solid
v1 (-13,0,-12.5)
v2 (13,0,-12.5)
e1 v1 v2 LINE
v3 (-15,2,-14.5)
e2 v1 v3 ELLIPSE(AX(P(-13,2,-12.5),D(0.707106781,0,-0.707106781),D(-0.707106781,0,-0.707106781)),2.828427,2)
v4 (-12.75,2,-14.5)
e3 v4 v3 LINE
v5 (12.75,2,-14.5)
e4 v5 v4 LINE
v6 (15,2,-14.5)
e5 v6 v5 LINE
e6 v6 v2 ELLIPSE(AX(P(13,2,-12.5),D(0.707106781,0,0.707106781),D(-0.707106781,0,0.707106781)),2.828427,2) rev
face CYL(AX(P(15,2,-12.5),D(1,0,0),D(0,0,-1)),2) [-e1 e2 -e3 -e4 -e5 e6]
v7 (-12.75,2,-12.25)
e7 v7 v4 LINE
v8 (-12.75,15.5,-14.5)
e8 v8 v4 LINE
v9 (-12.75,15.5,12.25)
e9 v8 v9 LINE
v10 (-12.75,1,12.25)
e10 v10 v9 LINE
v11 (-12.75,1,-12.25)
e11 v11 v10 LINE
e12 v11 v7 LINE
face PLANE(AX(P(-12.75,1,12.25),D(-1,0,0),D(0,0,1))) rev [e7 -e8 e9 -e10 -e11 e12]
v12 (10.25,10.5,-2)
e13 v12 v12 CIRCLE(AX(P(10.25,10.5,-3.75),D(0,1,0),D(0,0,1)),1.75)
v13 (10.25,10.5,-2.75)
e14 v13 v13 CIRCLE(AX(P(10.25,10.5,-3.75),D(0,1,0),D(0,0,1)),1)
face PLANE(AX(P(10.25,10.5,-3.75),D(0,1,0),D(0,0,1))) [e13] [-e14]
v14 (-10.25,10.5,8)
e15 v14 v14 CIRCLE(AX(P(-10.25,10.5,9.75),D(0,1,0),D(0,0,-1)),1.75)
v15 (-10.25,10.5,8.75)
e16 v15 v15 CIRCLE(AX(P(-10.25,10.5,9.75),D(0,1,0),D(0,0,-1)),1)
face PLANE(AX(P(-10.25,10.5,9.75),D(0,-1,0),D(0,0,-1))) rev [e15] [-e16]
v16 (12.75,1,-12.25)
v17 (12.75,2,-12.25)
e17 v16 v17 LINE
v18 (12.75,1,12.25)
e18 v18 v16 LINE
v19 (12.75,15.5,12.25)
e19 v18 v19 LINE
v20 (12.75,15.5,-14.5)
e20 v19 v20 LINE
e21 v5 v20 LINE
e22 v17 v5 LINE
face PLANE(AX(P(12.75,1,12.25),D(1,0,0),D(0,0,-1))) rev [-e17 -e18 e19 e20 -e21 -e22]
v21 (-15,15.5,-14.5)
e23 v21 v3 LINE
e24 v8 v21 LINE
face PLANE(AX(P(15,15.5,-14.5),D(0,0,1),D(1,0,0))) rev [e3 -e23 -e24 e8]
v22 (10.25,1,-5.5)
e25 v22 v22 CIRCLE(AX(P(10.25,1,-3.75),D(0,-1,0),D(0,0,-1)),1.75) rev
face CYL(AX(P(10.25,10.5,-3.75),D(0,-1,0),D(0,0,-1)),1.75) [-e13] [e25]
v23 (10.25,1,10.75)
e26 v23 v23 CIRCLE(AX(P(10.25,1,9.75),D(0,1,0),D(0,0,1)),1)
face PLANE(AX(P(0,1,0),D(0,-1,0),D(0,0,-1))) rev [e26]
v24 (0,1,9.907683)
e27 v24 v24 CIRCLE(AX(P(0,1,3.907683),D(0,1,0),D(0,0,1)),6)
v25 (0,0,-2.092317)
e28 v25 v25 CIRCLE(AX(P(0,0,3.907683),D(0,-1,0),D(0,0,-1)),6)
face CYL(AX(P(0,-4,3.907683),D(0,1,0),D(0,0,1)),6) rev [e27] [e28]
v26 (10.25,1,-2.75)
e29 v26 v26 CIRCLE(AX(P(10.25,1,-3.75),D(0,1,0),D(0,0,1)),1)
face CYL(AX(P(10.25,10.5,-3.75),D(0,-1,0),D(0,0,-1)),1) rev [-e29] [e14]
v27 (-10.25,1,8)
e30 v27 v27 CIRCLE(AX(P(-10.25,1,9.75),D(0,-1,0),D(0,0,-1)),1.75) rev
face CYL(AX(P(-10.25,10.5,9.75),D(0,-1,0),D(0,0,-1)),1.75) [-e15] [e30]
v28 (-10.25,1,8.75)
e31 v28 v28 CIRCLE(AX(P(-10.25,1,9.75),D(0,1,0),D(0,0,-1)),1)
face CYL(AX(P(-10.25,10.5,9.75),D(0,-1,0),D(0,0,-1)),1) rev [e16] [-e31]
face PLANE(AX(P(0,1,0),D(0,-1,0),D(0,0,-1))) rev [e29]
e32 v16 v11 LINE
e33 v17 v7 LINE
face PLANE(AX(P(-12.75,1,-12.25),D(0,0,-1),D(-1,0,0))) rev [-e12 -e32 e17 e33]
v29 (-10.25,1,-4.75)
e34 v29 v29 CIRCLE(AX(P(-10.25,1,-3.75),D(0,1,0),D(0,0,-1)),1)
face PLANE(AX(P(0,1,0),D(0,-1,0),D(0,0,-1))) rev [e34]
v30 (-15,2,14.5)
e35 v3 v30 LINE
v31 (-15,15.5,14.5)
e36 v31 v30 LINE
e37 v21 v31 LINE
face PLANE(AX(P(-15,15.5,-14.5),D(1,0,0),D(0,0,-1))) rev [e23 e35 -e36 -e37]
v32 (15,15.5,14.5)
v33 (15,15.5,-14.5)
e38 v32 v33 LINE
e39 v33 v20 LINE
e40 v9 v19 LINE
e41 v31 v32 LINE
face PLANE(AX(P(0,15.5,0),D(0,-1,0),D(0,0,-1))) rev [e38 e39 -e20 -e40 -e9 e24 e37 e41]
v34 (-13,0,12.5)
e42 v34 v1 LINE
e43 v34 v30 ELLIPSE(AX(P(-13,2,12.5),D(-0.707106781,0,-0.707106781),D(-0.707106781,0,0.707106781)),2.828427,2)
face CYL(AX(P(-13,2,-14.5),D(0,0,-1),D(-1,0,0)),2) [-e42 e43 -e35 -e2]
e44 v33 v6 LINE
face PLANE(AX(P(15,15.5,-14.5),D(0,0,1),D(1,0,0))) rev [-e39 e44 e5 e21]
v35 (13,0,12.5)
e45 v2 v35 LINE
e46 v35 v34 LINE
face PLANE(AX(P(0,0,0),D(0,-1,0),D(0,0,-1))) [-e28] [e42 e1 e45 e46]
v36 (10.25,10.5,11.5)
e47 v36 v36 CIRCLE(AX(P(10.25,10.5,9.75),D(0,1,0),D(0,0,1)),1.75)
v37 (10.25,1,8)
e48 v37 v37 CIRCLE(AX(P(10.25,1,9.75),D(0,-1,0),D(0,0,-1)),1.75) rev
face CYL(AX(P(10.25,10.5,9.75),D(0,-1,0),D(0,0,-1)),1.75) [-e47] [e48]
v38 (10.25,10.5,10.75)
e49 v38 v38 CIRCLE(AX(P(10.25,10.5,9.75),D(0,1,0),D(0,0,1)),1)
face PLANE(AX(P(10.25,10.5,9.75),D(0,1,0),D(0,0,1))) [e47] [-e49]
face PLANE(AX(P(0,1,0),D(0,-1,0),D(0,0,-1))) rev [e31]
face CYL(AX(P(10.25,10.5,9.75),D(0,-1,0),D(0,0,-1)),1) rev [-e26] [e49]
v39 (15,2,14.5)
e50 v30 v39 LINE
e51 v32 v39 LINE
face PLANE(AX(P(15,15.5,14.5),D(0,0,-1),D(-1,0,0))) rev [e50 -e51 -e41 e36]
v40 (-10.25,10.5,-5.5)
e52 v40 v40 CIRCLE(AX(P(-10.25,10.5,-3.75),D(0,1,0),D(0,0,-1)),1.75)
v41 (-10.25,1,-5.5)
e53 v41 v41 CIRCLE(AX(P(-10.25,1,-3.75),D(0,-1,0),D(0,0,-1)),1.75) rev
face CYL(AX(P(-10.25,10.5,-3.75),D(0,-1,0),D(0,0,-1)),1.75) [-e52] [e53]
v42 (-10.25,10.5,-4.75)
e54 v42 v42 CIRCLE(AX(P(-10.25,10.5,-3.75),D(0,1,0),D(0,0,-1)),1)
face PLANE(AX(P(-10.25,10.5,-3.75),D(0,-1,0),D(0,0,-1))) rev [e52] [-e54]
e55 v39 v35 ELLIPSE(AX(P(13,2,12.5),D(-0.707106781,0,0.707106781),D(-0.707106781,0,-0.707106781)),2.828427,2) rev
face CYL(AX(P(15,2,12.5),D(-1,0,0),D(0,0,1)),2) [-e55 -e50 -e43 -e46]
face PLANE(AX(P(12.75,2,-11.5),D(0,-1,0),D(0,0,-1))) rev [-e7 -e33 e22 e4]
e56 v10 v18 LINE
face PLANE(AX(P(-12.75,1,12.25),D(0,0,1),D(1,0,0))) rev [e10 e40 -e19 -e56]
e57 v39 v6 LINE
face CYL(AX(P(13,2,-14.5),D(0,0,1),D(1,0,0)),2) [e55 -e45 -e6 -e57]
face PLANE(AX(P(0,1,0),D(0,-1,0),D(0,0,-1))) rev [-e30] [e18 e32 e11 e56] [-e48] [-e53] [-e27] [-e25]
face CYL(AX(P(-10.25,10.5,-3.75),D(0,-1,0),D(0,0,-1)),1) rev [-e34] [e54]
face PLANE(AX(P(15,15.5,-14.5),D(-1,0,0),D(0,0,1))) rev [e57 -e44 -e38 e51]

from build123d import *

# Parameters (mm, degrees)
CROQUIS1_W                 = 30
CROQUIS1_H                 = 29
SALIENTE_EXTRUIR1_DEPTH    = 15.5
CROQUIS2_W                 = 25.5
CROQUIS2_H                 = 24.5
CORTAR_EXTRUIR1_DEPTH      = 14.5
REDONDEO1_R                = 2
CROQUIS5_R                 = 6
CORTAR_EXTRUIR3_DEPTH      = 5
CORTAR_EXTRUIR5_DEPTH      = 0.75
CORTAR_EXTRUIR5_DEPTH_BACK = 3
CROQUIS6_W                 = 25.5
CROQUIS6_H                 = 13.5
CROQUIS3_R                 = 1.75
CROQUIS3_R_2               = 1
SALIENTE_EXTRUIR2_DEPTH    = 9.5


with BuildPart() as part:
    # Croquis1 → Saliente-Extruir1 (new body)
    with BuildSketch(Plane(origin=(0, 0, 0), x_dir=(1, 0, 0), z_dir=(0, 1, 0))):
        Rectangle(CROQUIS1_W, CROQUIS1_H)
    extrude(amount=SALIENTE_EXTRUIR1_DEPTH)

    # Croquis2 → Cortar-Extruir1 (cut)
    with BuildSketch(Plane(origin=(0, 15.5, 0), x_dir=(1, 0, 0), z_dir=(0, 1, 0))):
        Rectangle(CROQUIS2_W, CROQUIS2_H)
    extrude(amount=-CORTAR_EXTRUIR1_DEPTH, mode=Mode.SUBTRACT)

    # Redondeo1
    redondeo1_edges = [part.edges().sort_by_distance(p)[0] for p in [
        (0, 0, -14.5),
        (15, 0, 0),
        (0, 0, 14.5),
        (-15, 0, 0),
    ]]
    fillet(redondeo1_edges, radius=REDONDEO1_R)

    # Croquis5 → Cortar-Extruir3 (cut)
    with BuildSketch(Plane(origin=(0, 1, 0), x_dir=(1, 0, 0), z_dir=(0, 1, 0))):
        with Locations(Location((0, -3.907682746, 0), (0, 0, 270))):
            Circle(CROQUIS5_R)
    extrude(amount=-CORTAR_EXTRUIR3_DEPTH, mode=Mode.SUBTRACT)

    # Croquis6 → Cortar-Extruir5 (cut, two sides: drawn at the far end of the back side and taken through both)
    with BuildSketch(Plane(origin=(0, 0, -14.5), x_dir=(-1, 0, 0), z_dir=(0, 0, -1)).offset(-CORTAR_EXTRUIR5_DEPTH_BACK)):
        with Locations((0, 8.75)):
            Rectangle(CROQUIS6_W, CROQUIS6_H)
    extrude(amount=CORTAR_EXTRUIR5_DEPTH + CORTAR_EXTRUIR5_DEPTH_BACK, mode=Mode.SUBTRACT)

    # Croquis3 → Saliente-Extruir2 (add)
    # profile 1 of 4: a face of its own
    with BuildSketch(Plane(origin=(0, 1, 0), x_dir=(1, 0, 0), z_dir=(0, 1, 0))):
        with Locations(Location((10.25, -9.75, 0), (0, 0, 90))):
            Circle(CROQUIS3_R)
        with Locations(Location((10.25, -9.75, 0), (0, 0, 270))):
            Circle(CROQUIS3_R_2, mode=Mode.SUBTRACT)
    # profile 2 of 4: a face of its own
    with BuildSketch(Plane(origin=(0, 1, 0), x_dir=(1, 0, 0), z_dir=(0, 1, 0))):
        with Locations(Location((10.25, 3.75, 0), (0, 0, 90))):
            Circle(CROQUIS3_R)
        with Locations(Location((10.25, 3.75, 0), (0, 0, 270))):
            Circle(CROQUIS3_R_2, mode=Mode.SUBTRACT)
    # profile 3 of 4: a face of its own
    with BuildSketch(Plane(origin=(0, 1, 0), x_dir=(1, 0, 0), z_dir=(0, 1, 0))):
        with Locations(Location((-10.25, 3.75, 0), (0, 0, 90))):
            Circle(CROQUIS3_R)
        with Locations(Location((-10.25, 3.75, 0), (0, 0, 90))):
            Circle(CROQUIS3_R_2, mode=Mode.SUBTRACT)
    # profile 4 of 4: a face of its own
    with BuildSketch(Plane(origin=(0, 1, 0), x_dir=(1, 0, 0), z_dir=(0, 1, 0))):
        with Locations(Location((-10.25, -9.75, 0), (0, 0, 90))):
            Circle(CROQUIS3_R)
        with Locations(Location((-10.25, -9.75, 0), (0, 0, 90))):
            Circle(CROQUIS3_R_2, mode=Mode.SUBTRACT)
    extrude(amount=SALIENTE_EXTRUIR2_DEPTH)


solid = part.part
